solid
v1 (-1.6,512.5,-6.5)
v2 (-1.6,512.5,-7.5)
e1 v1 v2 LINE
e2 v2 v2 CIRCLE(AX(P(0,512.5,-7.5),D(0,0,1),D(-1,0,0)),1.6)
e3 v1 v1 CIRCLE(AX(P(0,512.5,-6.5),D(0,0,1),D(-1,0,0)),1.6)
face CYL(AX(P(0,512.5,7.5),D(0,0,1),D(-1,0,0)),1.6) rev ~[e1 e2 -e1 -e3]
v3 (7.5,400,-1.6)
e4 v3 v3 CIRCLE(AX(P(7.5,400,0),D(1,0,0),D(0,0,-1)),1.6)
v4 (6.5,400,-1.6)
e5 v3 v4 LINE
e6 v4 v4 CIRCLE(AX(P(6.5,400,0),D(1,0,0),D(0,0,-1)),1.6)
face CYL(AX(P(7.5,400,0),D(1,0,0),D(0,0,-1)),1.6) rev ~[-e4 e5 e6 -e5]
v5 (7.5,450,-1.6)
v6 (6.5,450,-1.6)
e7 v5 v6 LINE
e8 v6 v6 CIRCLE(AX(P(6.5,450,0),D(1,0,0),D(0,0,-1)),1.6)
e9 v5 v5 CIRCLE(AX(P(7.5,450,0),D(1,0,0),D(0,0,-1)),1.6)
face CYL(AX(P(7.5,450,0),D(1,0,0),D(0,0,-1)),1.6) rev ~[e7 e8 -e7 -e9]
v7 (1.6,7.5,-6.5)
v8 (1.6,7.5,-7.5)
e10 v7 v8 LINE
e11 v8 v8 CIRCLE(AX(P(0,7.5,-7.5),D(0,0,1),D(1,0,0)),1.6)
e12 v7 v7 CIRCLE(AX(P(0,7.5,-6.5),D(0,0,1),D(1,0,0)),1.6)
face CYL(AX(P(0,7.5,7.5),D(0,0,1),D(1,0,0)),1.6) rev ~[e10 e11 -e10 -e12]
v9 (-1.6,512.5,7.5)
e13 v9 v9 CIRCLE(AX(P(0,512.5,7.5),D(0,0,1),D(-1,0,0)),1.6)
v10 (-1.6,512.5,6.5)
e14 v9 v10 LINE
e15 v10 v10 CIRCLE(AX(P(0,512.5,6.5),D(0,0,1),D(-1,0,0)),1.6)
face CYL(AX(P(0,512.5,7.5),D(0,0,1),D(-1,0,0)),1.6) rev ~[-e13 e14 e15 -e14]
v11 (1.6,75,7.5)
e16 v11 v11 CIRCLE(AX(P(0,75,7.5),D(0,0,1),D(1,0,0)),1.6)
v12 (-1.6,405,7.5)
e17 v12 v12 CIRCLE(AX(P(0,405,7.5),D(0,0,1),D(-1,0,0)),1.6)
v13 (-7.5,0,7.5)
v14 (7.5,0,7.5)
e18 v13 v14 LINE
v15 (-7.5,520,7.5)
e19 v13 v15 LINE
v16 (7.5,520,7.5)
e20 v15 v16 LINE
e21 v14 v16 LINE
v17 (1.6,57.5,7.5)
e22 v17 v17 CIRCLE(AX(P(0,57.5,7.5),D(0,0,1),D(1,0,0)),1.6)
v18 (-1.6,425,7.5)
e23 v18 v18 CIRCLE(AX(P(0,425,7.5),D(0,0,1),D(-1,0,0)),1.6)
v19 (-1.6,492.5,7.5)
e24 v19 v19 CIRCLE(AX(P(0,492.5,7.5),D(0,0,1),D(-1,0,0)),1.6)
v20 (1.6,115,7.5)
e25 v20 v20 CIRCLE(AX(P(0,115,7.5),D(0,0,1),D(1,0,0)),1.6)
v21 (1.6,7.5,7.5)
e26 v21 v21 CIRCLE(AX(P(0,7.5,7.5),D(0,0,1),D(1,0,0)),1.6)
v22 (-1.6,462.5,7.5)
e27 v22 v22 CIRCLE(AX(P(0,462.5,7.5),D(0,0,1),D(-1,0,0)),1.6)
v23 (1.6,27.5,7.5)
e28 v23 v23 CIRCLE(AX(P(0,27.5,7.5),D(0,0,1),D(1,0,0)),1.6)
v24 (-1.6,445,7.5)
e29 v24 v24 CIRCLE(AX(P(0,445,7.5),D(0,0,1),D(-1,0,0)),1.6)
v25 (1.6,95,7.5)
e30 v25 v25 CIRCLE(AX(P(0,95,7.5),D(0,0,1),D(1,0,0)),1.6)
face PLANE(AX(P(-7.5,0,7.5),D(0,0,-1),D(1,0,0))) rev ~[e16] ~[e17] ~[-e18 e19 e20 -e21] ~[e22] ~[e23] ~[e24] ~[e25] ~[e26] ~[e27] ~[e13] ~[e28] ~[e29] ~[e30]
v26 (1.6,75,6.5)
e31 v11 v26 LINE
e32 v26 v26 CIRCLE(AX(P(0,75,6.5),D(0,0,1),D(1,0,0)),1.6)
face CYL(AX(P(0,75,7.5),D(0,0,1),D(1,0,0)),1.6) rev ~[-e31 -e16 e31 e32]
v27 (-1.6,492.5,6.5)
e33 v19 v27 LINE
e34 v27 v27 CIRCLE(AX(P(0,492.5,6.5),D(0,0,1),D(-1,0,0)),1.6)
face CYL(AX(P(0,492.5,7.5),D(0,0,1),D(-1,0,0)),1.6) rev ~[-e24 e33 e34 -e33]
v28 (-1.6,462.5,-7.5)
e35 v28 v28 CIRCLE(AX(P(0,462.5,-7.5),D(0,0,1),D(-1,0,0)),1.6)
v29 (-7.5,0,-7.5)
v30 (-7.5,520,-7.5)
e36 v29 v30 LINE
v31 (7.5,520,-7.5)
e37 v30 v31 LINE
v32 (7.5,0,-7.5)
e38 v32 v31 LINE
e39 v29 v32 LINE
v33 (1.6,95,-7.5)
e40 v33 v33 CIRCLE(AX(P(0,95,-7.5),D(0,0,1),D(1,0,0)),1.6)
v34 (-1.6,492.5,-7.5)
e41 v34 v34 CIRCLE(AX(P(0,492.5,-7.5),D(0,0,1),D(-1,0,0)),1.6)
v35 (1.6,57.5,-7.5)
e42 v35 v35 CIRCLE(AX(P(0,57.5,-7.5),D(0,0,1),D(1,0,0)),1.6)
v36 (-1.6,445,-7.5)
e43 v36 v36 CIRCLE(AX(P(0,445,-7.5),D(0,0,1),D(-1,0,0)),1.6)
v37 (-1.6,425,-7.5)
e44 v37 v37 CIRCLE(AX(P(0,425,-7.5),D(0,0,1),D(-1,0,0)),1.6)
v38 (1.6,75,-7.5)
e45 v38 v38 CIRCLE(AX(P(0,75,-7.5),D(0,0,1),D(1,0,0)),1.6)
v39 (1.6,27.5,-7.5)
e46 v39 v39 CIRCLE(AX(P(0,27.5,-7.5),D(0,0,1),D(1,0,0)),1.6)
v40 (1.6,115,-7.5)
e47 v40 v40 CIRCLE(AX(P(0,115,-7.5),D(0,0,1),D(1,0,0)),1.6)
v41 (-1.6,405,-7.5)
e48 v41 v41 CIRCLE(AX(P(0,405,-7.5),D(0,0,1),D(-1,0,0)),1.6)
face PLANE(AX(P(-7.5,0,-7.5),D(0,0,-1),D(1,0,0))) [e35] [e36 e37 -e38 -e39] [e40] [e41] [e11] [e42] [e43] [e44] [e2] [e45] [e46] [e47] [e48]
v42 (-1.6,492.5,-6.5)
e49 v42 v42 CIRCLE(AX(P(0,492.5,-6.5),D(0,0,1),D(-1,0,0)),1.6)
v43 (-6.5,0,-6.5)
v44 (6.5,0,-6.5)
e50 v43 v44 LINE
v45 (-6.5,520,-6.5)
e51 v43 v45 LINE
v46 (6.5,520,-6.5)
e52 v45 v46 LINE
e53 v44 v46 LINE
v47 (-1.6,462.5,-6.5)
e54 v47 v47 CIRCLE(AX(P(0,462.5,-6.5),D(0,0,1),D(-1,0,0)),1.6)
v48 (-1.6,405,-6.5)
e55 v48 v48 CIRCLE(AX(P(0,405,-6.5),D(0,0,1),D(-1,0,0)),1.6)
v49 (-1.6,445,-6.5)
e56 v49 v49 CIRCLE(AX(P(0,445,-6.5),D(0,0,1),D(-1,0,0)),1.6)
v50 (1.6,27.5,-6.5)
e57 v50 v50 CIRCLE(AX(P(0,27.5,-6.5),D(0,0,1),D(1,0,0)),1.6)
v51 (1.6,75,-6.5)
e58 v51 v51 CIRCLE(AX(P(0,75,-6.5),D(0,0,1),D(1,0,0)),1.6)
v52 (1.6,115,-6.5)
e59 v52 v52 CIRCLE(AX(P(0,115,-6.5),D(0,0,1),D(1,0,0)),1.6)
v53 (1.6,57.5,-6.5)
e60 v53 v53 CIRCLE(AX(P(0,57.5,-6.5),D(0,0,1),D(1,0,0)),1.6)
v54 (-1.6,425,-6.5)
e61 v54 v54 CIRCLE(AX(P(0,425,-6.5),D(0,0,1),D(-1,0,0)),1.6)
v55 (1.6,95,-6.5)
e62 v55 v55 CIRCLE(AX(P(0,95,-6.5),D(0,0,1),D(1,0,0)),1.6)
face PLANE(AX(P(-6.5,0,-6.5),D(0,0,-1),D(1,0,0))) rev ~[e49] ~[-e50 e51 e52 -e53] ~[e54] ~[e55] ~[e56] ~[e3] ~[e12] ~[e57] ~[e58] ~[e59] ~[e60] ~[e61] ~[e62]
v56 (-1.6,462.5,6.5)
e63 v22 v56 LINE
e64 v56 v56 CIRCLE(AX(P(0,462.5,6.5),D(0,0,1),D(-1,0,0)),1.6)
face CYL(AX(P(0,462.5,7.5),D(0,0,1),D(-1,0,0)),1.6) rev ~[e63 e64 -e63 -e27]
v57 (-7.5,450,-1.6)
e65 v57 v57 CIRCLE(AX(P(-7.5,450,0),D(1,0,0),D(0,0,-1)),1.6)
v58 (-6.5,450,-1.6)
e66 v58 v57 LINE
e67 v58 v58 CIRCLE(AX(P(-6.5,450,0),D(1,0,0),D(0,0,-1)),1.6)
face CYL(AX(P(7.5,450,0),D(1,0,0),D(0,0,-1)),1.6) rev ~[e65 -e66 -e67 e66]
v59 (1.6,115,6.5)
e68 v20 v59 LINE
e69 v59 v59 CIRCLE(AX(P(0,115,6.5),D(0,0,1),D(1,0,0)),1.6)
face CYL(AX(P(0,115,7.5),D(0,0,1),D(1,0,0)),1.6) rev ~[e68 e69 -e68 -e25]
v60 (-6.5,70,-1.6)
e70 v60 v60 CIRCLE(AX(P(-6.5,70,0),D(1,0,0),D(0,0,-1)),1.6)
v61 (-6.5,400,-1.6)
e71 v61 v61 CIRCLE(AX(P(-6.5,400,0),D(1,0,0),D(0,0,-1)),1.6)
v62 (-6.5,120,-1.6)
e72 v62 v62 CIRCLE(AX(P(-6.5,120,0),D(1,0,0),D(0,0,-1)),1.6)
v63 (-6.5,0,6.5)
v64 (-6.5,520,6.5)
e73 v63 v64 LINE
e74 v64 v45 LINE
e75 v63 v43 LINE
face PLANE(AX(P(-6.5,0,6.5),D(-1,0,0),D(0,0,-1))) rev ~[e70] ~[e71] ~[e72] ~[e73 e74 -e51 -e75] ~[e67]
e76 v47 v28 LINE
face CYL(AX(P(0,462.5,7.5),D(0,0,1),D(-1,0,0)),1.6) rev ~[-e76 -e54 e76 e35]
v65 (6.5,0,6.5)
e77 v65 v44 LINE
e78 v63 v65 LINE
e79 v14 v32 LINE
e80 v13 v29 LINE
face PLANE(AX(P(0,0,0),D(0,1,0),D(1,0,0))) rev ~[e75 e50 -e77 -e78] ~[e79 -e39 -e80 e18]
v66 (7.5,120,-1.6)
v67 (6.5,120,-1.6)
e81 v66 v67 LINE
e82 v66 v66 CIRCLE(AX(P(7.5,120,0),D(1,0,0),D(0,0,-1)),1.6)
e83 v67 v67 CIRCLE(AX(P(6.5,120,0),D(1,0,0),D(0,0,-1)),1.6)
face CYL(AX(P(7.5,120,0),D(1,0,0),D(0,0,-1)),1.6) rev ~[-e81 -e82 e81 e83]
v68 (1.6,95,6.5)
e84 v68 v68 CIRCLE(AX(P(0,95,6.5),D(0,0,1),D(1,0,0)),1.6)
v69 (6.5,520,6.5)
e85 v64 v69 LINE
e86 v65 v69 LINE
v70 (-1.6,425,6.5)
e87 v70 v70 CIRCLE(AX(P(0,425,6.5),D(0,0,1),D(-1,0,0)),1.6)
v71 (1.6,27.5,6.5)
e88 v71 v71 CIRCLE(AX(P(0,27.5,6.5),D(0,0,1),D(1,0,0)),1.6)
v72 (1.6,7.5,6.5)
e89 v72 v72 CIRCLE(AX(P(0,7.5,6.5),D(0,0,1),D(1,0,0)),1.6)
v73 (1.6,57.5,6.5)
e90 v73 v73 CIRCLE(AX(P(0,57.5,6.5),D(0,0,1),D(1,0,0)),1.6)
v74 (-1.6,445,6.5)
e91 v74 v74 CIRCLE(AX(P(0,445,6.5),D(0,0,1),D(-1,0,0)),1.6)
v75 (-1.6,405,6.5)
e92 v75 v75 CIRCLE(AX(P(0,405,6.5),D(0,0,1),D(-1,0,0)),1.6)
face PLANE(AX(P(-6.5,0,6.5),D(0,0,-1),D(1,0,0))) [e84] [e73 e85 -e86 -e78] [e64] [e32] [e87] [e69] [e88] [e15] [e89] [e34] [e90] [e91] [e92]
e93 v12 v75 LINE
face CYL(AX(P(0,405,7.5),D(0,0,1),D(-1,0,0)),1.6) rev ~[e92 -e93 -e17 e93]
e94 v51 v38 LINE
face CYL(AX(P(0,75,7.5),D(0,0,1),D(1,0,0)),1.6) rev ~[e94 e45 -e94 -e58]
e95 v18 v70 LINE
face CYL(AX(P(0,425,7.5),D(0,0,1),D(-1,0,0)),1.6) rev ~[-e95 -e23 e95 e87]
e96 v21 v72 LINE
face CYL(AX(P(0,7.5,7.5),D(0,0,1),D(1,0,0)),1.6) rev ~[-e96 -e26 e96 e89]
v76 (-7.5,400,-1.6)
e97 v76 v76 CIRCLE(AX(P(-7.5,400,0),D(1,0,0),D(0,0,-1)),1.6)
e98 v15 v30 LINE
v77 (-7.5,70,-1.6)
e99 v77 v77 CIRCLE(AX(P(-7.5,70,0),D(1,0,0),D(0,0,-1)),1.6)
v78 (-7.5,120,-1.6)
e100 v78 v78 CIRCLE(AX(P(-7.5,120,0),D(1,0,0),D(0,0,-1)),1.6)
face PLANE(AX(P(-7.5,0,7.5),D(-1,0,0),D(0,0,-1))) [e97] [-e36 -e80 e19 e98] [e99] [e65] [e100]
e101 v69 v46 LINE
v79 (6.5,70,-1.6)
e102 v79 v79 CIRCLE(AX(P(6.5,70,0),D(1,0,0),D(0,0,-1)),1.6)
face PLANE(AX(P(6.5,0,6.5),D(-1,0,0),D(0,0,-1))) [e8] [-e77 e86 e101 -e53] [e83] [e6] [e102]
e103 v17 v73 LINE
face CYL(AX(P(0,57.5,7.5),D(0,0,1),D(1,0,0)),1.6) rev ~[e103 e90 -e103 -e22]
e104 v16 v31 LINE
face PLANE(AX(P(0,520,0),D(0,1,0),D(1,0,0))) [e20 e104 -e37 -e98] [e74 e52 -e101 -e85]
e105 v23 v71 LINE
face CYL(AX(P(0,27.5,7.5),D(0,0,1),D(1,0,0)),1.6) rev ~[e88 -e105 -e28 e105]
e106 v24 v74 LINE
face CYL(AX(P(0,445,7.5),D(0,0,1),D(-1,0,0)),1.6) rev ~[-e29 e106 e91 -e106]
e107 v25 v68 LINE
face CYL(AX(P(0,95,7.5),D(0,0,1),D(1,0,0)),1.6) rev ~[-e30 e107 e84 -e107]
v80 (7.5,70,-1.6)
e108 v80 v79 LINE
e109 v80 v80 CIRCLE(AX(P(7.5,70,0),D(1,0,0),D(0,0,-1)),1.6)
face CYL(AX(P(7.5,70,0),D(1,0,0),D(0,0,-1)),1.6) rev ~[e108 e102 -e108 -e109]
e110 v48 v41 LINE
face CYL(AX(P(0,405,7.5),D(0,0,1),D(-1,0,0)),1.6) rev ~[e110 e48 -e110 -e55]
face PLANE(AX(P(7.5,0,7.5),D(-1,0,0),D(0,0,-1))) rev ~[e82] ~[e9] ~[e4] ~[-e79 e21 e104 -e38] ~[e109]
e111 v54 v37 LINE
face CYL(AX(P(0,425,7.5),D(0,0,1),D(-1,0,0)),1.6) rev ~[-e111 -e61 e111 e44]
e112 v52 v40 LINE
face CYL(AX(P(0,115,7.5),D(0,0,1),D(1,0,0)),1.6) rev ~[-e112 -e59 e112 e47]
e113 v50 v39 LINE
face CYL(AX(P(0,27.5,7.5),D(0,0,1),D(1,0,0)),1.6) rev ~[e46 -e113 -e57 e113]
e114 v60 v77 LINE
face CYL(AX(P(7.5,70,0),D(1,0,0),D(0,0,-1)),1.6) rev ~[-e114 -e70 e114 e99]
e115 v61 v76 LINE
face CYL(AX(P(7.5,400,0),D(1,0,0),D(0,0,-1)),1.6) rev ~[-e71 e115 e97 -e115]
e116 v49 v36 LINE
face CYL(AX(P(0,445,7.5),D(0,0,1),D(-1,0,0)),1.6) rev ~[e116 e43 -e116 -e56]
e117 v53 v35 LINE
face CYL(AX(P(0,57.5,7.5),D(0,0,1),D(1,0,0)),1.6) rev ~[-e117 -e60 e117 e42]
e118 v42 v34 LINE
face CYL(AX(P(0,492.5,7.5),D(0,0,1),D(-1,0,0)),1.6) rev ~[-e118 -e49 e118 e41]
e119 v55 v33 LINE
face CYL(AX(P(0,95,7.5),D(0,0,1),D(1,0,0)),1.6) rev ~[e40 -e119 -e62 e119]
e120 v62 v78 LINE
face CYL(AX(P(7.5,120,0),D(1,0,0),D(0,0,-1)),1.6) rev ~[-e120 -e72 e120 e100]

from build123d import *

# Parameters (mm, degrees)
SKETCH_1_W          = 15
SKETCH_1_H          = 15
SKETCH_1_W_2        = 13
SKETCH_1_H_2        = 13
EXTRUDE_1_DEPTH     = 520
SKETCH_2_R          = 1.6
CUT_EXTRUDE_1_DEPTH = 521.270362408
SKETCH_3_R          = 1.6
CUT_EXTRUDE_2_DEPTH = 521.270362408


with BuildPart() as part:
    # 草图1 → 拉伸-薄壁1 (new body)
    with BuildSketch(Plane(origin=(0, 0, 0), x_dir=(1, 0, 0), z_dir=(0, 1, 0))):
        Rectangle(SKETCH_1_W, SKETCH_1_H)
        Rectangle(SKETCH_1_W_2, SKETCH_1_H_2, mode=Mode.SUBTRACT)
    extrude(amount=EXTRUDE_1_DEPTH)

    # 草图2 → 切除-拉伸1 (cut, through all)
    with BuildSketch(Plane.XY.offset(7.5)):
        with Locations((0, 7.5)):
            Circle(SKETCH_2_R)
        with Locations((0, 27.5)):
            Circle(SKETCH_2_R)
        with Locations((0, 57.5)):
            Circle(SKETCH_2_R)
        with Locations((0, 75)):
            Circle(SKETCH_2_R)
        with Locations((0, 95)):
            Circle(SKETCH_2_R)
        with Locations((0, 115)):
            Circle(SKETCH_2_R)
        with Locations(Location((0, 405, 0), (0, 0, 180))):
            Circle(SKETCH_2_R)
        with Locations(Location((0, 425, 0), (0, 0, 180))):
            Circle(SKETCH_2_R)
        with Locations(Location((0, 445, 0), (0, 0, 180))):
            Circle(SKETCH_2_R)
        with Locations(Location((0, 462.5, 0), (0, 0, 180))):
            Circle(SKETCH_2_R)
        with Locations(Location((0, 492.5, 0), (0, 0, 180))):
            Circle(SKETCH_2_R)
        with Locations(Location((0, 512.5, 0), (0, 0, 180))):
            Circle(SKETCH_2_R)
    extrude(amount=-CUT_EXTRUDE_1_DEPTH, mode=Mode.SUBTRACT)

    # 草图3 → 切除-拉伸2 (cut, through all)
    with BuildSketch(Plane(origin=(7.5, 0, 0), x_dir=(0, 0, -1), z_dir=(1, 0, 0))):
        with Locations((0, 70)):
            Circle(SKETCH_3_R)
        with Locations((0, 120)):
            Circle(SKETCH_3_R)
        with Locations((0, 400)):
            Circle(SKETCH_3_R)
        with Locations((0, 450)):
            Circle(SKETCH_3_R)
    extrude(amount=-CUT_EXTRUDE_2_DEPTH, mode=Mode.SUBTRACT)


solid = part.part
